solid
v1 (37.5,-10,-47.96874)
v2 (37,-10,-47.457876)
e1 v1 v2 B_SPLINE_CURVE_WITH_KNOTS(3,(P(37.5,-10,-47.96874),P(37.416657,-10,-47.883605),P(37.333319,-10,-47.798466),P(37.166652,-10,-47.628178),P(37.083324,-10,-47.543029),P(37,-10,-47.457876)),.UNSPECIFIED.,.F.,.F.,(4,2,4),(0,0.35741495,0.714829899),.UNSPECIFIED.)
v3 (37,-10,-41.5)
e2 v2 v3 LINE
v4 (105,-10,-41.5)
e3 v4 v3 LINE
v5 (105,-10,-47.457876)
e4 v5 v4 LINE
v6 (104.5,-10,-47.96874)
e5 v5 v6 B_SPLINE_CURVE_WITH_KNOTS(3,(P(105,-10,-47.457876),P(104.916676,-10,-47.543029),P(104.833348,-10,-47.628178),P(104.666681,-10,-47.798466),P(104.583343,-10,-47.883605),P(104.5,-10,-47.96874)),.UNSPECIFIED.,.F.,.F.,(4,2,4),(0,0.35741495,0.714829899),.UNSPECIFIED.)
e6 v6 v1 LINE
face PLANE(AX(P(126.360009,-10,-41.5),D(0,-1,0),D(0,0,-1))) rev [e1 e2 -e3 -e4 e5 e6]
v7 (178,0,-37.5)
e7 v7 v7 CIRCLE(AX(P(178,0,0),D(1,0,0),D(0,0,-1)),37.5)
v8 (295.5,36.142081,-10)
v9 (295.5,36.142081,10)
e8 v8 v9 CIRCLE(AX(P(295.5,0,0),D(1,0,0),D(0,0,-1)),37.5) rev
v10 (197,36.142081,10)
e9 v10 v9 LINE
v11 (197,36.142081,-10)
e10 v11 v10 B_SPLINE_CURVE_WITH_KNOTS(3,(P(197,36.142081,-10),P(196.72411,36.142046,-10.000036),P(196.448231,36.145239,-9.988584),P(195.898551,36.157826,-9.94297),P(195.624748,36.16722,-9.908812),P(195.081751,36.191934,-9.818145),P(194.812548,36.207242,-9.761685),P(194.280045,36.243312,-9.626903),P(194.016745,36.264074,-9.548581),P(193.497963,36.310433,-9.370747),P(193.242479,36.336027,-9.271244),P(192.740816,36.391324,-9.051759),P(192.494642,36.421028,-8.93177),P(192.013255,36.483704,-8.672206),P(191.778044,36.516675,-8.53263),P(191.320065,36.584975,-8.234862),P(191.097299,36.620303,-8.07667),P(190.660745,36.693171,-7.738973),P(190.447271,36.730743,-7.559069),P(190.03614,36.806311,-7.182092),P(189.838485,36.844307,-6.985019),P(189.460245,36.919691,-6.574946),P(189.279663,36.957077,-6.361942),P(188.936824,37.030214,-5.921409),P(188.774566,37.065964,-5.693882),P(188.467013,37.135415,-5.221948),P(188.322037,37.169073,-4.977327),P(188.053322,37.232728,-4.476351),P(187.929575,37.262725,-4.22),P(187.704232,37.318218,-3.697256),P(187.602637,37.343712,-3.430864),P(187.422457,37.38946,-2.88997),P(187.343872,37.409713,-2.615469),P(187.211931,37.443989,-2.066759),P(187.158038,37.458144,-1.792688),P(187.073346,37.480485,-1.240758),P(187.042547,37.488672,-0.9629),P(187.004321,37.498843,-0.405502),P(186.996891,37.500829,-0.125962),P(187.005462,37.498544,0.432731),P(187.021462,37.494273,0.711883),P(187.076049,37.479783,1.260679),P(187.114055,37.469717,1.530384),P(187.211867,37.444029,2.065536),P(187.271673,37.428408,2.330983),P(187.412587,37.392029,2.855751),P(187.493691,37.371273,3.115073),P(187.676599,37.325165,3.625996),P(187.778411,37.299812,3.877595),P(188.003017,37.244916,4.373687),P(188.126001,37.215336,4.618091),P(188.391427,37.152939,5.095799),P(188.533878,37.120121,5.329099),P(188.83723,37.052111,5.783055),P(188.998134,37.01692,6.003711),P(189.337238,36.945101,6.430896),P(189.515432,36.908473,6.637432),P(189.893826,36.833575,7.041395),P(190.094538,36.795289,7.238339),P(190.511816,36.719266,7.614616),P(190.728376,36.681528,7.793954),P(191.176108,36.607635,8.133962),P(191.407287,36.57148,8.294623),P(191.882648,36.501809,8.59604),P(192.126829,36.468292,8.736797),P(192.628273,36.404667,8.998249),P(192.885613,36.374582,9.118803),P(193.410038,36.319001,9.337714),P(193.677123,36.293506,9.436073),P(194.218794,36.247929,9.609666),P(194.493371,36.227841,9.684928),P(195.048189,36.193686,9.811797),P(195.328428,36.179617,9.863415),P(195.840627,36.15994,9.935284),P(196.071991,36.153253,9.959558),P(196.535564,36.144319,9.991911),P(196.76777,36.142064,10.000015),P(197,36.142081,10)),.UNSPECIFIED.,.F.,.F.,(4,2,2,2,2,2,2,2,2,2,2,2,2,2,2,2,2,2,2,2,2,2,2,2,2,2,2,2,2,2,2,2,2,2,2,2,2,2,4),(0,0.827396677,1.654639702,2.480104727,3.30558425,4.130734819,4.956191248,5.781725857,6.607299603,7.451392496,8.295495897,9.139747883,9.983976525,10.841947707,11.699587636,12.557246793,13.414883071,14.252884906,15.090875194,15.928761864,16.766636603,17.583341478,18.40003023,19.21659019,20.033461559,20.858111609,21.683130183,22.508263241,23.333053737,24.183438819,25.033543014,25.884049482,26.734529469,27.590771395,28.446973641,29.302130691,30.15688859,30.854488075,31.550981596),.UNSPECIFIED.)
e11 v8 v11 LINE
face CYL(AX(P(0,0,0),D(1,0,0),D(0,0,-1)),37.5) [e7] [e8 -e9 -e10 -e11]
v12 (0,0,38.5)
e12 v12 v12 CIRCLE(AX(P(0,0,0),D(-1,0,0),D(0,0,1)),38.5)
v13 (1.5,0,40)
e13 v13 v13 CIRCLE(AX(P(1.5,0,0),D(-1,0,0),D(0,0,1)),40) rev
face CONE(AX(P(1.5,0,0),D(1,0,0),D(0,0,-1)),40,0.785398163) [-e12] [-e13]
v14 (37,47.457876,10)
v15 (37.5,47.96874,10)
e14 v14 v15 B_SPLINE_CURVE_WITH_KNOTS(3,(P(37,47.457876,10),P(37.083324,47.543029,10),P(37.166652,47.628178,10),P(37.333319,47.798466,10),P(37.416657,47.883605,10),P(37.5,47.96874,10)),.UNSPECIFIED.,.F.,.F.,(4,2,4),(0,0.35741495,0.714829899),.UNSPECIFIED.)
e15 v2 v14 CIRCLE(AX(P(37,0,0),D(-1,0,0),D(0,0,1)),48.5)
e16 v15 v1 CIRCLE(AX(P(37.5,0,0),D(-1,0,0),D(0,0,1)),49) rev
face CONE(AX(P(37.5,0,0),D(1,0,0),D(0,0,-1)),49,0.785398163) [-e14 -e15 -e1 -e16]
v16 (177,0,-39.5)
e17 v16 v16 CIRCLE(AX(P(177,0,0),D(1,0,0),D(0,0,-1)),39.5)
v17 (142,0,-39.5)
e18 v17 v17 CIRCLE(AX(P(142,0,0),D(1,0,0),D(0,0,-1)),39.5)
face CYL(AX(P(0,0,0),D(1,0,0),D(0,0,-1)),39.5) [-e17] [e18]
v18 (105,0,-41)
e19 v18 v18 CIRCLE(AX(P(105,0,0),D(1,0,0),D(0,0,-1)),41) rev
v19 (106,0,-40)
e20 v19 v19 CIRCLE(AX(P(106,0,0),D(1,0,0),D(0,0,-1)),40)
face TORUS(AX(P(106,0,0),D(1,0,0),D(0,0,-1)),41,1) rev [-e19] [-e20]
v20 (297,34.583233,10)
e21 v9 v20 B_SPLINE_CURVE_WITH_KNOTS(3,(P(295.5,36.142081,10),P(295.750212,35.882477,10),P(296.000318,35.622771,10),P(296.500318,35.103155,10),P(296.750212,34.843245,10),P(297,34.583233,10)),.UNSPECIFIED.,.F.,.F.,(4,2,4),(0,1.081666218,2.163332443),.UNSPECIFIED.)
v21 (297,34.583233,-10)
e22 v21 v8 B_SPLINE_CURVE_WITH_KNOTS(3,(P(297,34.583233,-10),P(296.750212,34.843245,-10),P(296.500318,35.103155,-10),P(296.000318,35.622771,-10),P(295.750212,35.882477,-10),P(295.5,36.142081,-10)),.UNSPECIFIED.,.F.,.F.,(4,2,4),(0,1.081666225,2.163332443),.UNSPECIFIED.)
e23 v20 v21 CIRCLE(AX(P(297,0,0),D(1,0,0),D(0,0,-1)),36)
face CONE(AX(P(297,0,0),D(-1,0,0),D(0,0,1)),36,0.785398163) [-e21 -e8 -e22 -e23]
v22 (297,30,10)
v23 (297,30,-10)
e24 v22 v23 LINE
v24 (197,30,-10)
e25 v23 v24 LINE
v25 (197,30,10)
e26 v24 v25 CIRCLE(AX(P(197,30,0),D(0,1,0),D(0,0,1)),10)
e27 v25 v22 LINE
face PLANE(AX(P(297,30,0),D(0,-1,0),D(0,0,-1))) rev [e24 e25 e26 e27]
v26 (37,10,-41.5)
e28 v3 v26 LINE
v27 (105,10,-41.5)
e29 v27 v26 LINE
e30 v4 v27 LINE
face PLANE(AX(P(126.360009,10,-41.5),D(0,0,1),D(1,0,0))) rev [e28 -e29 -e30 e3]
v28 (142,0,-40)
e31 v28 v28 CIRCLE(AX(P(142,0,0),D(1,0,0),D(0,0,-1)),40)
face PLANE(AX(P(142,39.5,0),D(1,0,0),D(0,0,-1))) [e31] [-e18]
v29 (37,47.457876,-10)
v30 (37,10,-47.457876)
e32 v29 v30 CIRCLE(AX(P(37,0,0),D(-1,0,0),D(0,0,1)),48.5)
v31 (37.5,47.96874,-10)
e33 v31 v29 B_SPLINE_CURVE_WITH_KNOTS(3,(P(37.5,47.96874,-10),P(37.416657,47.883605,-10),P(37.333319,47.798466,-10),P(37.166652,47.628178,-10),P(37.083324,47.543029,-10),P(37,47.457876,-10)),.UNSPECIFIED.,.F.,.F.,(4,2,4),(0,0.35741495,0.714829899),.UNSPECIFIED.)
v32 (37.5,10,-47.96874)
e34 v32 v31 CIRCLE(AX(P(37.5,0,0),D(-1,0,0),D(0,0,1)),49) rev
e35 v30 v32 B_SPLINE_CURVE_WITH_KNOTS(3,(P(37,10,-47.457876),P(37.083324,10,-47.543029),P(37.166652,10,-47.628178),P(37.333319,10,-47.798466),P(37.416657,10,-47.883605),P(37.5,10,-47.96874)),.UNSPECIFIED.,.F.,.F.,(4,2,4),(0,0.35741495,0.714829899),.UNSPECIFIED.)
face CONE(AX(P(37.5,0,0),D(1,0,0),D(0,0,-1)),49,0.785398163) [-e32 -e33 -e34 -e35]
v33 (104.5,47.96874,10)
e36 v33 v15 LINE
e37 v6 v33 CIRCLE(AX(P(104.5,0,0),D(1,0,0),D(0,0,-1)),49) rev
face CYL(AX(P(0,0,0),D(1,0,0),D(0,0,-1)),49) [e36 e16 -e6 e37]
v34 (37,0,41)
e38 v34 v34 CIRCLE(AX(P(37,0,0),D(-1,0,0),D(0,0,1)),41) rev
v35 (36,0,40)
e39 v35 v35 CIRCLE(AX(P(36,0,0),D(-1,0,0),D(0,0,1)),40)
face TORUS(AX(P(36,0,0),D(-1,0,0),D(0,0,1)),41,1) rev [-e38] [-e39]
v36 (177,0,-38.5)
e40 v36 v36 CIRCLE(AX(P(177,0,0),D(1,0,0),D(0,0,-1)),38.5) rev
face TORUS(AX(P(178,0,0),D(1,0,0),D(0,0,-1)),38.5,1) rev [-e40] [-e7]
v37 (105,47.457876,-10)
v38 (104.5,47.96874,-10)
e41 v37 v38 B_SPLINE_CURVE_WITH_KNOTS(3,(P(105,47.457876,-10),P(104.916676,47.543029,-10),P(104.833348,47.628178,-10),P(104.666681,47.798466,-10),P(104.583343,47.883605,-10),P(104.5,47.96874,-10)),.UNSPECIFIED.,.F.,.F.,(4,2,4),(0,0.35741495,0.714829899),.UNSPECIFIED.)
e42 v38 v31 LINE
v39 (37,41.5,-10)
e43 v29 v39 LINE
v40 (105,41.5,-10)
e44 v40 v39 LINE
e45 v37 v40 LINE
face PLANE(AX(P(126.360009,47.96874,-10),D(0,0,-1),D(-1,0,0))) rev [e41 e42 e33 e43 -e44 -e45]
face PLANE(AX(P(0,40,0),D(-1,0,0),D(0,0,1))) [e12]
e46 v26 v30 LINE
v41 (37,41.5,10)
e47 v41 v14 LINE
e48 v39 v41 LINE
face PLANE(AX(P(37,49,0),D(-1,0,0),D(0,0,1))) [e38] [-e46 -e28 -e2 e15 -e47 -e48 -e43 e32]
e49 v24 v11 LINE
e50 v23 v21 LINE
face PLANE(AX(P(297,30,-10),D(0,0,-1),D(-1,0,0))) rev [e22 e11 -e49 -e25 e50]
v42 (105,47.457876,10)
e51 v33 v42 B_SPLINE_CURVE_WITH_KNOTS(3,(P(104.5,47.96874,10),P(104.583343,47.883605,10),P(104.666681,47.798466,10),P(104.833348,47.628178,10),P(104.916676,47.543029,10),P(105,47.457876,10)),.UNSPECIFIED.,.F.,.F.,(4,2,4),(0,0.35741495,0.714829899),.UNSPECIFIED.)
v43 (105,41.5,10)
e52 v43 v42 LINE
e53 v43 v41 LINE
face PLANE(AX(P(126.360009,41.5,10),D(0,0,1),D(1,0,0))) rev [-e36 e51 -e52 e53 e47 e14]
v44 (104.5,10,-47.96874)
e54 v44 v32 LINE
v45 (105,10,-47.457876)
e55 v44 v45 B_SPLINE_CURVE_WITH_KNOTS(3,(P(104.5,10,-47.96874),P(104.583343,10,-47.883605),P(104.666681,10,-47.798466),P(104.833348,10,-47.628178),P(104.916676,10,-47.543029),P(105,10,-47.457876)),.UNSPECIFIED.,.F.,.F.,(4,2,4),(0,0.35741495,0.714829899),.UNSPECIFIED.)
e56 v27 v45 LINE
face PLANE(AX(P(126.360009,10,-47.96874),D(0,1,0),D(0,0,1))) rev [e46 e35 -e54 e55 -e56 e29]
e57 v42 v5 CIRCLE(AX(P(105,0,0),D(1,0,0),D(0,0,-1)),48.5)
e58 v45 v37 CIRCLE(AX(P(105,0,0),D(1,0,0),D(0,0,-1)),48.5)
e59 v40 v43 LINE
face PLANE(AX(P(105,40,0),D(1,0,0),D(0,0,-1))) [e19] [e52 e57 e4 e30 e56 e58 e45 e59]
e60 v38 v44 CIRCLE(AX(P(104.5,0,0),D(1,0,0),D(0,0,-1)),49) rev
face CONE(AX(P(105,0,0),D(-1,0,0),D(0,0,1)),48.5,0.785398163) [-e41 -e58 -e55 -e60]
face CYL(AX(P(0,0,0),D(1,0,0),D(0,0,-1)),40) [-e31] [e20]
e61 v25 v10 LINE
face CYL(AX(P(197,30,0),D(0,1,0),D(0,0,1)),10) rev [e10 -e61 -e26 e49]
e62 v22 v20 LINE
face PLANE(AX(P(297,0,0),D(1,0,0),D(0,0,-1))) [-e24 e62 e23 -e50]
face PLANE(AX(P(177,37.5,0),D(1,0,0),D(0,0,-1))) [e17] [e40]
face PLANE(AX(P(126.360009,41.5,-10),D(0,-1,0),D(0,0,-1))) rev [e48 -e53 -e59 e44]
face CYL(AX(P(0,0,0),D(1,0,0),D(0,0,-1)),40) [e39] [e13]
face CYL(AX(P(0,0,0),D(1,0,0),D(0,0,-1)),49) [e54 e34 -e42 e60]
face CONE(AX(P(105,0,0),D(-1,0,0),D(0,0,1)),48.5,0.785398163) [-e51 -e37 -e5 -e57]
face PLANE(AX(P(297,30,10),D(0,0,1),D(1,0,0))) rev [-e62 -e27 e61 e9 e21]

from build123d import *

# Parameters (mm, degrees)
EXTRUDE1_DEPTH = 68
FILLET1_R      = 1
EXTRUDE2_DEPTH = 7.5
CHAMFER1_SIZE  = 1.5
CHAMFER2_SIZE  = 0.5


with BuildPart() as part:
    # Sketch1 → Revolve1 (revolve)
    with BuildSketch(Plane.XY, mode=Mode.PRIVATE) as revolve1_sk:
        Polygon((0, 0), (297, 0), (297, 37.5), (177, 37.5), (177, 39.5), (142, 39.5), (142, 40), (105, 40), (105, 49), (37, 49), (37, 40), (0, 40), align=None)
    revolve(revolve1_sk.sketch.rotate(Axis((0, 0, 0), (-1, 0, 0)), 90), axis=Axis((0, 0, 0), (-1, 0, 0)))

    # Sketch2 → Extrude1 (cut)
    with BuildSketch(Plane.ZY.offset(-37)):
        with BuildLine():
            Line((-10, 47.968739821), (-10, 41.5))
            Line((-10, 41.5), (10, 41.5))
            Line((10, 41.5), (10, 47.968739821))
            ThreePointArc((10, 47.968739821), (0, 49), (-10, 47.968739821))
        make_face()
        with BuildLine():
            Line((-47.968739821, 10), (-41.5, 10))
            Line((-41.5, 10), (-41.5, -10))
            Line((-41.5, -10), (-47.968739821, -10))
            ThreePointArc((-47.968739821, -10), (-49, 0), (-47.968739821, 10))
        make_face()
    extrude(amount=-EXTRUDE1_DEPTH, mode=Mode.SUBTRACT)

    # Fillet1
    fillet1_edges = [part.edges().sort_by_distance(p)[0] for p in [
        (177, 0, 37.5),
        (105, 0, 40),
        (37, 0, 40),
    ]]
    fillet(fillet1_edges, radius=FILLET1_R)

    # Sketch3 → Extrude2 (cut)
    with BuildSketch(Plane(origin=(237.5, 37.5, 0), x_dir=(0, 0, 1), z_dir=(0, 1, 0))):
        with BuildLine():
            Line((-10, 59.5), (-10, -40.5))
            ThreePointArc((-10, -40.5), (0, -50.5), (10, -40.5))
            Line((10, -40.5), (10, 59.5))
            ThreePointArc((10, 59.5), (0, 69.5), (-10, 59.5))
        make_face()
    extrude(amount=-EXTRUDE2_DEPTH, mode=Mode.SUBTRACT)

    # Chamfer1
    chamfer1_edges = [part.edges().sort_by_distance(p)[0] for p in [
        (0, 0, 40),
        (297, -29.843340966, 22.707377656),
    ]]
    chamfer(chamfer1_edges, length=CHAMFER1_SIZE)

    # Chamfer2
    chamfer2_edges = [part.edges().sort_by_distance(p)[0] for p in [
        (105, -34.648232278, 34.648232278),
        (37, -34.648232278, 34.648232278),
        (105, 34.648232278, -34.648232278),
        (37, 34.648232278, -34.648232278),
    ]]
    chamfer(chamfer2_edges, length=CHAMFER2_SIZE)


solid = part.part
